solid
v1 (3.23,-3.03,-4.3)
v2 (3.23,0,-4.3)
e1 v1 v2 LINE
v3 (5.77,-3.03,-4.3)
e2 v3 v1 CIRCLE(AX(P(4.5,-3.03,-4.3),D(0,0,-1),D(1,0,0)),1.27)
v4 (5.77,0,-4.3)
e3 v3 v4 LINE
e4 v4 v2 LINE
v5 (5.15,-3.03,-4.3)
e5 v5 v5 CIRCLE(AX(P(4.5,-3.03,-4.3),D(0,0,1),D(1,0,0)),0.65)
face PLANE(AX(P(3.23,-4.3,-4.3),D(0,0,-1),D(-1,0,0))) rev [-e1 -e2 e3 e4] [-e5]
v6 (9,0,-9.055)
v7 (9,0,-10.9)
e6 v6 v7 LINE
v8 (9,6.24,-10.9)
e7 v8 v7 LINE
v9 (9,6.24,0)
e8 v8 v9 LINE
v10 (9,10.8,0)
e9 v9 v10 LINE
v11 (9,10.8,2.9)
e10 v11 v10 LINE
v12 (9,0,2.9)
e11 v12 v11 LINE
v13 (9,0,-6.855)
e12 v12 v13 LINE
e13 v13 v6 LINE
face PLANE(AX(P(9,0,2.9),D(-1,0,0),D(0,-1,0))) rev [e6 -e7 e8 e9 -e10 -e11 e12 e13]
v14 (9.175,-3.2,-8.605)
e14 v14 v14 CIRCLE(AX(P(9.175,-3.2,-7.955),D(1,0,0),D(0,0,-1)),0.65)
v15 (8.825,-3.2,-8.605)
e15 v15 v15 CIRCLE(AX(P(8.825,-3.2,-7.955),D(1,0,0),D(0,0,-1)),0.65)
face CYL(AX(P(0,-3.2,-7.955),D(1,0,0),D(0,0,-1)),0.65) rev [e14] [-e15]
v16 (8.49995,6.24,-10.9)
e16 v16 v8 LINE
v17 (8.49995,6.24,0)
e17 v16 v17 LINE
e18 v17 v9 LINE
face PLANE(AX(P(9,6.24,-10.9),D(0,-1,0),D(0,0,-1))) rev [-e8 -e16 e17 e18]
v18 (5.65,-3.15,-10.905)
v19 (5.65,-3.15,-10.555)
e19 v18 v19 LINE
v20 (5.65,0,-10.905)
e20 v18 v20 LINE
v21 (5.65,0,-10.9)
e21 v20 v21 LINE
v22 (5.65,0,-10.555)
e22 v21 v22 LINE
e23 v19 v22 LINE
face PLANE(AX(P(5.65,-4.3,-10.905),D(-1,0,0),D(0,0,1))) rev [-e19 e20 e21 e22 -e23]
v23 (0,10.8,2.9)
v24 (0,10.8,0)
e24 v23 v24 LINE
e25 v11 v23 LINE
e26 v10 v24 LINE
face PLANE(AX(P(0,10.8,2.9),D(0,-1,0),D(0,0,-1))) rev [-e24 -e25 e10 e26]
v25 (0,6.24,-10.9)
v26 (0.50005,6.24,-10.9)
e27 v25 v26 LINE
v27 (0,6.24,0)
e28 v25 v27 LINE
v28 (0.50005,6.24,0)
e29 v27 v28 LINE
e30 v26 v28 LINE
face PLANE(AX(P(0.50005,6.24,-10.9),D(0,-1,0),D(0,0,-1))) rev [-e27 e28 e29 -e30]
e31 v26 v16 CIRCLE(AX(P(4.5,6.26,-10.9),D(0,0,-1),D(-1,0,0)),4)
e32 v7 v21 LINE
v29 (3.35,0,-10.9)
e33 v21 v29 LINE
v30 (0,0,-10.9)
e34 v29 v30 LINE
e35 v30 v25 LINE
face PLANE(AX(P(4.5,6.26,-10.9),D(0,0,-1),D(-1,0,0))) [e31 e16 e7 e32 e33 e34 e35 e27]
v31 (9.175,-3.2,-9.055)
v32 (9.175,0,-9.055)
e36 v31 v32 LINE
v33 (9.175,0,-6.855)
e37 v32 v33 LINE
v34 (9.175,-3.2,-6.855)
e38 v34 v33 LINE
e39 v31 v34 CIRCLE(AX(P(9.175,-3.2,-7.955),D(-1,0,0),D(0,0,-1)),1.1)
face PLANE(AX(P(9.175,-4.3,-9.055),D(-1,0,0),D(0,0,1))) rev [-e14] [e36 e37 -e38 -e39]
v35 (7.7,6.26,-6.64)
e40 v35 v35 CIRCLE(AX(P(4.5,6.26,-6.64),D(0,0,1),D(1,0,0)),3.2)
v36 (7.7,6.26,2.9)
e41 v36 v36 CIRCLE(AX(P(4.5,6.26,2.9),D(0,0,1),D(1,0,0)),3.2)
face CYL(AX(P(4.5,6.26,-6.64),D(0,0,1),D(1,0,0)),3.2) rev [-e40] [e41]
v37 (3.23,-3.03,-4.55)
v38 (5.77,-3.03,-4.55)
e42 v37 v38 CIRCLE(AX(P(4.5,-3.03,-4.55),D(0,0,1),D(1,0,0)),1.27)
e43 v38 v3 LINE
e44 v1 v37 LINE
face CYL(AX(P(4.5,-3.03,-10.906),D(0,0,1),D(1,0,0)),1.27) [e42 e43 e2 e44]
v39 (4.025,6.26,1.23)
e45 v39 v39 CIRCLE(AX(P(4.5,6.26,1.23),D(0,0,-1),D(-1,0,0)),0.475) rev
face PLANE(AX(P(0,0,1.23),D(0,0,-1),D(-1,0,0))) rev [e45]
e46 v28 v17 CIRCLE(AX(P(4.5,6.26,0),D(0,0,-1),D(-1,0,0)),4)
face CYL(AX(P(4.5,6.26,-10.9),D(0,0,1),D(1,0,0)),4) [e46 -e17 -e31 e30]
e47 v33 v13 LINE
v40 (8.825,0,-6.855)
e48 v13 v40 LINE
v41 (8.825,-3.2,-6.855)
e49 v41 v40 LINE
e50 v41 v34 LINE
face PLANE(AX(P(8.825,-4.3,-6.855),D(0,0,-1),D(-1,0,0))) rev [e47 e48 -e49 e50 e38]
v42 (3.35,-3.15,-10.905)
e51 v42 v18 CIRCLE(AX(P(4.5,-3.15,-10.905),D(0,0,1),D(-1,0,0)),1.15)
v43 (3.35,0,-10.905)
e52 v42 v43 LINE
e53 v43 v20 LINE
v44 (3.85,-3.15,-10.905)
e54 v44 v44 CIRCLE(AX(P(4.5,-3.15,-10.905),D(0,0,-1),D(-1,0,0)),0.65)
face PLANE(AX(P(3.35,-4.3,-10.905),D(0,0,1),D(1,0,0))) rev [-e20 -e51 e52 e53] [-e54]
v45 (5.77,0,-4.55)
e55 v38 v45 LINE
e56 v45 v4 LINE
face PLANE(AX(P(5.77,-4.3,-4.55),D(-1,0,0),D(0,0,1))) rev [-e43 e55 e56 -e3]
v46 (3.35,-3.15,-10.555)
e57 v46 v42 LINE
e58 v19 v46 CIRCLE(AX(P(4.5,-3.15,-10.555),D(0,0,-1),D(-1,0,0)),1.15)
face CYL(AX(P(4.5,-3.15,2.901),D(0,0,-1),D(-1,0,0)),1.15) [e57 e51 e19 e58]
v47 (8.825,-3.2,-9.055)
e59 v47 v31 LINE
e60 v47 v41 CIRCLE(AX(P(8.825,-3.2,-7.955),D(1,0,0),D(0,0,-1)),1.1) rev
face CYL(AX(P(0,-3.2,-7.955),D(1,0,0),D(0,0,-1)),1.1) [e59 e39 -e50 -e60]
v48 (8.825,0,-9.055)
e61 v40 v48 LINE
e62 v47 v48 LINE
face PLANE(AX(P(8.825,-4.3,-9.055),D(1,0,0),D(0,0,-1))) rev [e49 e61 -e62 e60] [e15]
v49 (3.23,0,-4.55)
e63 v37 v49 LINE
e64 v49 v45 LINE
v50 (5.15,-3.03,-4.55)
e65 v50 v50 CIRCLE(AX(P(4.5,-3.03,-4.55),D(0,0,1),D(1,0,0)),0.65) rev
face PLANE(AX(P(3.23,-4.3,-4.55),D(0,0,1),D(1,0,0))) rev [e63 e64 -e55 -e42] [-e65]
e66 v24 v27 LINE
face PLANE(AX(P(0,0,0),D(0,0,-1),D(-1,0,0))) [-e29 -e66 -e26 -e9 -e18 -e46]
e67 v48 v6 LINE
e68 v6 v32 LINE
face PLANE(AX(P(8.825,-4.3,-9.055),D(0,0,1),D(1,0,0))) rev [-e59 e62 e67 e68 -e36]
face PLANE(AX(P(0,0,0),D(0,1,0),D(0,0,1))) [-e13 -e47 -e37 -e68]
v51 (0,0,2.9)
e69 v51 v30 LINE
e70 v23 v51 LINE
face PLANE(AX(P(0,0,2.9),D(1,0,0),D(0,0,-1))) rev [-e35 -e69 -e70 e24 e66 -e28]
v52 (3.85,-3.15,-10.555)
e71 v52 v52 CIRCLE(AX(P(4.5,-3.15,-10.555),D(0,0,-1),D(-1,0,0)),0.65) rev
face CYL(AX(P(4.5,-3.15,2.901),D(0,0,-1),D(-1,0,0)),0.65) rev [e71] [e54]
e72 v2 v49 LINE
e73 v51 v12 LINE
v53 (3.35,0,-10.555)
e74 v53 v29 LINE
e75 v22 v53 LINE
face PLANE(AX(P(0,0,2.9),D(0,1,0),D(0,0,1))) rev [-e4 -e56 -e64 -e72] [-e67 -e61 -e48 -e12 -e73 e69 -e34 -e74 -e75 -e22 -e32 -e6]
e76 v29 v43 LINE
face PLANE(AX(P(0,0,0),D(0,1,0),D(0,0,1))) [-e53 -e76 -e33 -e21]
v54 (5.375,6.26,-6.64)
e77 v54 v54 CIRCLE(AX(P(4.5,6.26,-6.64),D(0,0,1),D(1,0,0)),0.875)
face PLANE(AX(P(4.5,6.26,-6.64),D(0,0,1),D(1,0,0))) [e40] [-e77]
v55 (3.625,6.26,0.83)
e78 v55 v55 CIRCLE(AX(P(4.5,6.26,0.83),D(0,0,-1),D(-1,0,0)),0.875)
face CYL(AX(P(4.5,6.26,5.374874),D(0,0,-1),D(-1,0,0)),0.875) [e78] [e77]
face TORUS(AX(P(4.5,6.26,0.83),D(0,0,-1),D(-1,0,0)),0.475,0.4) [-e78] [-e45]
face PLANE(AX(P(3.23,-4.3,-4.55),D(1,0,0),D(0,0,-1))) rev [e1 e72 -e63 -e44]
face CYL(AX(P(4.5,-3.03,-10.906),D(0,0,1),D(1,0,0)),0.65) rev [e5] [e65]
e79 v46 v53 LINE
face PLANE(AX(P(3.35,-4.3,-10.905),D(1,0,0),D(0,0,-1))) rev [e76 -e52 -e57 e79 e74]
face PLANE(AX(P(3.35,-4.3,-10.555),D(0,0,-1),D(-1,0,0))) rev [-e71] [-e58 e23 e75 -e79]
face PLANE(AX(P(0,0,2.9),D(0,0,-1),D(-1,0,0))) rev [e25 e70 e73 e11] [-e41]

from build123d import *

# Parameters (mm, degrees)
SKETCH1_W           = 9
SKETCH1_H           = 10.8
BOSS_EXTRUDE1_DEPTH = 2.9
BOSS_EXTRUDE2_DEPTH = 10.9
SKETCH3_R           = 3.2
CUT_EXTRUDE1_DEPTH  = 9.54
SKETCH4_R           = 0.875
BOSS_EXTRUDE3_DEPTH = 7.87
FILLET1_R           = 0.4
SKETCH5_W           = 2.54
SKETCH5_H           = 0.25
SKETCH5_W_2         = 2.3
SKETCH5_H_2         = 0.35
SKETCH5_W_3         = 0.35
SKETCH5_H_3         = 2.2
BOSS_EXTRUDE4_DEPTH = 4.3
CUT_EXTRUDE2_START  = -0.25
SKETCH6_R           = 0.65
CUT_EXTRUDE2_DEPTH  = 0.25
SKETCH7_R           = 0.65
CUT_EXTRUDE3_DEPTH  = 18.881265336
CUT_EXTRUDE5_START  = -0.35
SKETCH9_R           = 0.65
CUT_EXTRUDE5_DEPTH  = 0.35


with BuildPart() as part:
    # Sketch1 → Boss-Extrude1 (new body)
    with BuildSketch(Plane.XY):
        with Locations((4.5, 5.4)):
            Rectangle(SKETCH1_W, SKETCH1_H)
    extrude(amount=BOSS_EXTRUDE1_DEPTH)

    # Sketch2 → Boss-Extrude2 (add)
    with BuildSketch(Plane(origin=(0, 0, 0), x_dir=(-1, 0, 0), z_dir=(0, 0, -1))):
        with BuildLine():
            Line((-9, 0), (0, 0))
            Line((0, 0), (0, 6.24))
            Line((0, 6.24), (-0.50005, 6.24))
            ThreePointArc((-0.50005, 6.24), (-4.5, 10.26), (-8.49995, 6.24))
            Line((-8.49995, 6.24), (-9, 6.24))
            Line((-9, 6.24), (-9, 0))
        make_face()
    extrude(amount=BOSS_EXTRUDE2_DEPTH)

    # Sketch3 → Cut-Extrude1 (cut)
    with BuildSketch(Plane.XY.offset(2.9)):
        with Locations((4.5, 6.26)):
            Circle(SKETCH3_R)
    extrude(amount=-CUT_EXTRUDE1_DEPTH, mode=Mode.SUBTRACT)

    # Sketch4 → Boss-Extrude3 (add)
    with BuildSketch(Plane.XY.offset(-6.64)):
        with Locations(Location((4.5, 6.26, 0), (0, 0, 180))):
            Circle(SKETCH4_R)
    extrude(amount=BOSS_EXTRUDE3_DEPTH)

    # Fillet1
    fillet1_edges = [part.edges().sort_by_distance(p)[0] for p in [
        (5.375, 6.26, 1.23),
    ]]
    fillet(fillet1_edges, radius=FILLET1_R)

    # Sketch5 → Boss-Extrude4 (add)
    with BuildSketch(Plane.XZ):
        with Locations((4.5, -4.425)):
            Rectangle(SKETCH5_W, SKETCH5_H)
        with Locations((4.5, -10.73)):
            Rectangle(SKETCH5_W_2, SKETCH5_H_2)
        with Locations((9, -7.955)):
            Rectangle(SKETCH5_W_3, SKETCH5_H_3)
    extrude(amount=BOSS_EXTRUDE4_DEPTH)

    # Sketch6 → Cut-Extrude2 (cut)
    with BuildSketch(Plane.XY.offset(-4.3).offset(CUT_EXTRUDE2_START)):
        with Locations((4.5, -3.03)):
            Circle(SKETCH6_R)
        with BuildLine():
            Line((3.23, -3.03), (2.98145415, -3.03))
            Line((2.98145415, -3.03), (2.98145415, -4.481636856))
            Line((2.98145415, -4.481636856), (5.931605951, -4.481636856))
            Line((5.931605951, -4.481636856), (5.931605951, -3.03))
            Line((5.931605951, -3.03), (5.77, -3.03))
            ThreePointArc((5.77, -3.03), (4.5, -4.3), (3.23, -3.03))
        make_face()
    extrude(amount=CUT_EXTRUDE2_DEPTH, mode=Mode.SUBTRACT)

    # Sketch7 → Cut-Extrude3 (cut, through all)
    with BuildSketch(Plane(origin=(9.175, 0, 0), x_dir=(0, 0, -1), z_dir=(1, 0, 0))):
        with Locations((7.955, -3.2)):
            Circle(SKETCH7_R)
        with BuildLine():
            Line((6.855, -3.2), (6.537099377, -3.2))
            Line((6.537099377, -3.2), (6.537099377, -4.556833282))
            Line((6.537099377, -4.556833282), (9.415825045, -4.556833282))
            Line((9.415825045, -4.556833282), (9.415825045, -3.2))
            Line((9.415825045, -3.2), (9.055, -3.2))
            ThreePointArc((9.055, -3.2), (7.955, -4.3), (6.855, -3.2))
        make_face()
    extrude(amount=-CUT_EXTRUDE3_DEPTH, mode=Mode.SUBTRACT)

    # Sketch9 → Cut-Extrude5 (cut)
    with BuildSketch(Plane(origin=(0, 0, -10.905), x_dir=(-1, 0, 0), z_dir=(0, 0, -1)).offset(CUT_EXTRUDE5_START)):
        with Locations((-4.5, -3.15)):
            Circle(SKETCH9_R)
        with BuildLine():
            Line((-5.65, -3.15), (-6.063372646, -3.15))
            Line((-6.063372646, -3.15), (-6.063372646, -4.563001678))
            Line((-6.063372646, -4.563001678), (-3.002045836, -4.563001678))
            Line((-3.002045836, -4.563001678), (-3.002045836, -3.15))
            Line((-3.002045836, -3.15), (-3.35, -3.15))
            ThreePointArc((-3.35, -3.15), (-4.5, -4.3), (-5.65, -3.15))
        make_face()
    extrude(amount=CUT_EXTRUDE5_DEPTH, mode=Mode.SUBTRACT)


solid = part.part
